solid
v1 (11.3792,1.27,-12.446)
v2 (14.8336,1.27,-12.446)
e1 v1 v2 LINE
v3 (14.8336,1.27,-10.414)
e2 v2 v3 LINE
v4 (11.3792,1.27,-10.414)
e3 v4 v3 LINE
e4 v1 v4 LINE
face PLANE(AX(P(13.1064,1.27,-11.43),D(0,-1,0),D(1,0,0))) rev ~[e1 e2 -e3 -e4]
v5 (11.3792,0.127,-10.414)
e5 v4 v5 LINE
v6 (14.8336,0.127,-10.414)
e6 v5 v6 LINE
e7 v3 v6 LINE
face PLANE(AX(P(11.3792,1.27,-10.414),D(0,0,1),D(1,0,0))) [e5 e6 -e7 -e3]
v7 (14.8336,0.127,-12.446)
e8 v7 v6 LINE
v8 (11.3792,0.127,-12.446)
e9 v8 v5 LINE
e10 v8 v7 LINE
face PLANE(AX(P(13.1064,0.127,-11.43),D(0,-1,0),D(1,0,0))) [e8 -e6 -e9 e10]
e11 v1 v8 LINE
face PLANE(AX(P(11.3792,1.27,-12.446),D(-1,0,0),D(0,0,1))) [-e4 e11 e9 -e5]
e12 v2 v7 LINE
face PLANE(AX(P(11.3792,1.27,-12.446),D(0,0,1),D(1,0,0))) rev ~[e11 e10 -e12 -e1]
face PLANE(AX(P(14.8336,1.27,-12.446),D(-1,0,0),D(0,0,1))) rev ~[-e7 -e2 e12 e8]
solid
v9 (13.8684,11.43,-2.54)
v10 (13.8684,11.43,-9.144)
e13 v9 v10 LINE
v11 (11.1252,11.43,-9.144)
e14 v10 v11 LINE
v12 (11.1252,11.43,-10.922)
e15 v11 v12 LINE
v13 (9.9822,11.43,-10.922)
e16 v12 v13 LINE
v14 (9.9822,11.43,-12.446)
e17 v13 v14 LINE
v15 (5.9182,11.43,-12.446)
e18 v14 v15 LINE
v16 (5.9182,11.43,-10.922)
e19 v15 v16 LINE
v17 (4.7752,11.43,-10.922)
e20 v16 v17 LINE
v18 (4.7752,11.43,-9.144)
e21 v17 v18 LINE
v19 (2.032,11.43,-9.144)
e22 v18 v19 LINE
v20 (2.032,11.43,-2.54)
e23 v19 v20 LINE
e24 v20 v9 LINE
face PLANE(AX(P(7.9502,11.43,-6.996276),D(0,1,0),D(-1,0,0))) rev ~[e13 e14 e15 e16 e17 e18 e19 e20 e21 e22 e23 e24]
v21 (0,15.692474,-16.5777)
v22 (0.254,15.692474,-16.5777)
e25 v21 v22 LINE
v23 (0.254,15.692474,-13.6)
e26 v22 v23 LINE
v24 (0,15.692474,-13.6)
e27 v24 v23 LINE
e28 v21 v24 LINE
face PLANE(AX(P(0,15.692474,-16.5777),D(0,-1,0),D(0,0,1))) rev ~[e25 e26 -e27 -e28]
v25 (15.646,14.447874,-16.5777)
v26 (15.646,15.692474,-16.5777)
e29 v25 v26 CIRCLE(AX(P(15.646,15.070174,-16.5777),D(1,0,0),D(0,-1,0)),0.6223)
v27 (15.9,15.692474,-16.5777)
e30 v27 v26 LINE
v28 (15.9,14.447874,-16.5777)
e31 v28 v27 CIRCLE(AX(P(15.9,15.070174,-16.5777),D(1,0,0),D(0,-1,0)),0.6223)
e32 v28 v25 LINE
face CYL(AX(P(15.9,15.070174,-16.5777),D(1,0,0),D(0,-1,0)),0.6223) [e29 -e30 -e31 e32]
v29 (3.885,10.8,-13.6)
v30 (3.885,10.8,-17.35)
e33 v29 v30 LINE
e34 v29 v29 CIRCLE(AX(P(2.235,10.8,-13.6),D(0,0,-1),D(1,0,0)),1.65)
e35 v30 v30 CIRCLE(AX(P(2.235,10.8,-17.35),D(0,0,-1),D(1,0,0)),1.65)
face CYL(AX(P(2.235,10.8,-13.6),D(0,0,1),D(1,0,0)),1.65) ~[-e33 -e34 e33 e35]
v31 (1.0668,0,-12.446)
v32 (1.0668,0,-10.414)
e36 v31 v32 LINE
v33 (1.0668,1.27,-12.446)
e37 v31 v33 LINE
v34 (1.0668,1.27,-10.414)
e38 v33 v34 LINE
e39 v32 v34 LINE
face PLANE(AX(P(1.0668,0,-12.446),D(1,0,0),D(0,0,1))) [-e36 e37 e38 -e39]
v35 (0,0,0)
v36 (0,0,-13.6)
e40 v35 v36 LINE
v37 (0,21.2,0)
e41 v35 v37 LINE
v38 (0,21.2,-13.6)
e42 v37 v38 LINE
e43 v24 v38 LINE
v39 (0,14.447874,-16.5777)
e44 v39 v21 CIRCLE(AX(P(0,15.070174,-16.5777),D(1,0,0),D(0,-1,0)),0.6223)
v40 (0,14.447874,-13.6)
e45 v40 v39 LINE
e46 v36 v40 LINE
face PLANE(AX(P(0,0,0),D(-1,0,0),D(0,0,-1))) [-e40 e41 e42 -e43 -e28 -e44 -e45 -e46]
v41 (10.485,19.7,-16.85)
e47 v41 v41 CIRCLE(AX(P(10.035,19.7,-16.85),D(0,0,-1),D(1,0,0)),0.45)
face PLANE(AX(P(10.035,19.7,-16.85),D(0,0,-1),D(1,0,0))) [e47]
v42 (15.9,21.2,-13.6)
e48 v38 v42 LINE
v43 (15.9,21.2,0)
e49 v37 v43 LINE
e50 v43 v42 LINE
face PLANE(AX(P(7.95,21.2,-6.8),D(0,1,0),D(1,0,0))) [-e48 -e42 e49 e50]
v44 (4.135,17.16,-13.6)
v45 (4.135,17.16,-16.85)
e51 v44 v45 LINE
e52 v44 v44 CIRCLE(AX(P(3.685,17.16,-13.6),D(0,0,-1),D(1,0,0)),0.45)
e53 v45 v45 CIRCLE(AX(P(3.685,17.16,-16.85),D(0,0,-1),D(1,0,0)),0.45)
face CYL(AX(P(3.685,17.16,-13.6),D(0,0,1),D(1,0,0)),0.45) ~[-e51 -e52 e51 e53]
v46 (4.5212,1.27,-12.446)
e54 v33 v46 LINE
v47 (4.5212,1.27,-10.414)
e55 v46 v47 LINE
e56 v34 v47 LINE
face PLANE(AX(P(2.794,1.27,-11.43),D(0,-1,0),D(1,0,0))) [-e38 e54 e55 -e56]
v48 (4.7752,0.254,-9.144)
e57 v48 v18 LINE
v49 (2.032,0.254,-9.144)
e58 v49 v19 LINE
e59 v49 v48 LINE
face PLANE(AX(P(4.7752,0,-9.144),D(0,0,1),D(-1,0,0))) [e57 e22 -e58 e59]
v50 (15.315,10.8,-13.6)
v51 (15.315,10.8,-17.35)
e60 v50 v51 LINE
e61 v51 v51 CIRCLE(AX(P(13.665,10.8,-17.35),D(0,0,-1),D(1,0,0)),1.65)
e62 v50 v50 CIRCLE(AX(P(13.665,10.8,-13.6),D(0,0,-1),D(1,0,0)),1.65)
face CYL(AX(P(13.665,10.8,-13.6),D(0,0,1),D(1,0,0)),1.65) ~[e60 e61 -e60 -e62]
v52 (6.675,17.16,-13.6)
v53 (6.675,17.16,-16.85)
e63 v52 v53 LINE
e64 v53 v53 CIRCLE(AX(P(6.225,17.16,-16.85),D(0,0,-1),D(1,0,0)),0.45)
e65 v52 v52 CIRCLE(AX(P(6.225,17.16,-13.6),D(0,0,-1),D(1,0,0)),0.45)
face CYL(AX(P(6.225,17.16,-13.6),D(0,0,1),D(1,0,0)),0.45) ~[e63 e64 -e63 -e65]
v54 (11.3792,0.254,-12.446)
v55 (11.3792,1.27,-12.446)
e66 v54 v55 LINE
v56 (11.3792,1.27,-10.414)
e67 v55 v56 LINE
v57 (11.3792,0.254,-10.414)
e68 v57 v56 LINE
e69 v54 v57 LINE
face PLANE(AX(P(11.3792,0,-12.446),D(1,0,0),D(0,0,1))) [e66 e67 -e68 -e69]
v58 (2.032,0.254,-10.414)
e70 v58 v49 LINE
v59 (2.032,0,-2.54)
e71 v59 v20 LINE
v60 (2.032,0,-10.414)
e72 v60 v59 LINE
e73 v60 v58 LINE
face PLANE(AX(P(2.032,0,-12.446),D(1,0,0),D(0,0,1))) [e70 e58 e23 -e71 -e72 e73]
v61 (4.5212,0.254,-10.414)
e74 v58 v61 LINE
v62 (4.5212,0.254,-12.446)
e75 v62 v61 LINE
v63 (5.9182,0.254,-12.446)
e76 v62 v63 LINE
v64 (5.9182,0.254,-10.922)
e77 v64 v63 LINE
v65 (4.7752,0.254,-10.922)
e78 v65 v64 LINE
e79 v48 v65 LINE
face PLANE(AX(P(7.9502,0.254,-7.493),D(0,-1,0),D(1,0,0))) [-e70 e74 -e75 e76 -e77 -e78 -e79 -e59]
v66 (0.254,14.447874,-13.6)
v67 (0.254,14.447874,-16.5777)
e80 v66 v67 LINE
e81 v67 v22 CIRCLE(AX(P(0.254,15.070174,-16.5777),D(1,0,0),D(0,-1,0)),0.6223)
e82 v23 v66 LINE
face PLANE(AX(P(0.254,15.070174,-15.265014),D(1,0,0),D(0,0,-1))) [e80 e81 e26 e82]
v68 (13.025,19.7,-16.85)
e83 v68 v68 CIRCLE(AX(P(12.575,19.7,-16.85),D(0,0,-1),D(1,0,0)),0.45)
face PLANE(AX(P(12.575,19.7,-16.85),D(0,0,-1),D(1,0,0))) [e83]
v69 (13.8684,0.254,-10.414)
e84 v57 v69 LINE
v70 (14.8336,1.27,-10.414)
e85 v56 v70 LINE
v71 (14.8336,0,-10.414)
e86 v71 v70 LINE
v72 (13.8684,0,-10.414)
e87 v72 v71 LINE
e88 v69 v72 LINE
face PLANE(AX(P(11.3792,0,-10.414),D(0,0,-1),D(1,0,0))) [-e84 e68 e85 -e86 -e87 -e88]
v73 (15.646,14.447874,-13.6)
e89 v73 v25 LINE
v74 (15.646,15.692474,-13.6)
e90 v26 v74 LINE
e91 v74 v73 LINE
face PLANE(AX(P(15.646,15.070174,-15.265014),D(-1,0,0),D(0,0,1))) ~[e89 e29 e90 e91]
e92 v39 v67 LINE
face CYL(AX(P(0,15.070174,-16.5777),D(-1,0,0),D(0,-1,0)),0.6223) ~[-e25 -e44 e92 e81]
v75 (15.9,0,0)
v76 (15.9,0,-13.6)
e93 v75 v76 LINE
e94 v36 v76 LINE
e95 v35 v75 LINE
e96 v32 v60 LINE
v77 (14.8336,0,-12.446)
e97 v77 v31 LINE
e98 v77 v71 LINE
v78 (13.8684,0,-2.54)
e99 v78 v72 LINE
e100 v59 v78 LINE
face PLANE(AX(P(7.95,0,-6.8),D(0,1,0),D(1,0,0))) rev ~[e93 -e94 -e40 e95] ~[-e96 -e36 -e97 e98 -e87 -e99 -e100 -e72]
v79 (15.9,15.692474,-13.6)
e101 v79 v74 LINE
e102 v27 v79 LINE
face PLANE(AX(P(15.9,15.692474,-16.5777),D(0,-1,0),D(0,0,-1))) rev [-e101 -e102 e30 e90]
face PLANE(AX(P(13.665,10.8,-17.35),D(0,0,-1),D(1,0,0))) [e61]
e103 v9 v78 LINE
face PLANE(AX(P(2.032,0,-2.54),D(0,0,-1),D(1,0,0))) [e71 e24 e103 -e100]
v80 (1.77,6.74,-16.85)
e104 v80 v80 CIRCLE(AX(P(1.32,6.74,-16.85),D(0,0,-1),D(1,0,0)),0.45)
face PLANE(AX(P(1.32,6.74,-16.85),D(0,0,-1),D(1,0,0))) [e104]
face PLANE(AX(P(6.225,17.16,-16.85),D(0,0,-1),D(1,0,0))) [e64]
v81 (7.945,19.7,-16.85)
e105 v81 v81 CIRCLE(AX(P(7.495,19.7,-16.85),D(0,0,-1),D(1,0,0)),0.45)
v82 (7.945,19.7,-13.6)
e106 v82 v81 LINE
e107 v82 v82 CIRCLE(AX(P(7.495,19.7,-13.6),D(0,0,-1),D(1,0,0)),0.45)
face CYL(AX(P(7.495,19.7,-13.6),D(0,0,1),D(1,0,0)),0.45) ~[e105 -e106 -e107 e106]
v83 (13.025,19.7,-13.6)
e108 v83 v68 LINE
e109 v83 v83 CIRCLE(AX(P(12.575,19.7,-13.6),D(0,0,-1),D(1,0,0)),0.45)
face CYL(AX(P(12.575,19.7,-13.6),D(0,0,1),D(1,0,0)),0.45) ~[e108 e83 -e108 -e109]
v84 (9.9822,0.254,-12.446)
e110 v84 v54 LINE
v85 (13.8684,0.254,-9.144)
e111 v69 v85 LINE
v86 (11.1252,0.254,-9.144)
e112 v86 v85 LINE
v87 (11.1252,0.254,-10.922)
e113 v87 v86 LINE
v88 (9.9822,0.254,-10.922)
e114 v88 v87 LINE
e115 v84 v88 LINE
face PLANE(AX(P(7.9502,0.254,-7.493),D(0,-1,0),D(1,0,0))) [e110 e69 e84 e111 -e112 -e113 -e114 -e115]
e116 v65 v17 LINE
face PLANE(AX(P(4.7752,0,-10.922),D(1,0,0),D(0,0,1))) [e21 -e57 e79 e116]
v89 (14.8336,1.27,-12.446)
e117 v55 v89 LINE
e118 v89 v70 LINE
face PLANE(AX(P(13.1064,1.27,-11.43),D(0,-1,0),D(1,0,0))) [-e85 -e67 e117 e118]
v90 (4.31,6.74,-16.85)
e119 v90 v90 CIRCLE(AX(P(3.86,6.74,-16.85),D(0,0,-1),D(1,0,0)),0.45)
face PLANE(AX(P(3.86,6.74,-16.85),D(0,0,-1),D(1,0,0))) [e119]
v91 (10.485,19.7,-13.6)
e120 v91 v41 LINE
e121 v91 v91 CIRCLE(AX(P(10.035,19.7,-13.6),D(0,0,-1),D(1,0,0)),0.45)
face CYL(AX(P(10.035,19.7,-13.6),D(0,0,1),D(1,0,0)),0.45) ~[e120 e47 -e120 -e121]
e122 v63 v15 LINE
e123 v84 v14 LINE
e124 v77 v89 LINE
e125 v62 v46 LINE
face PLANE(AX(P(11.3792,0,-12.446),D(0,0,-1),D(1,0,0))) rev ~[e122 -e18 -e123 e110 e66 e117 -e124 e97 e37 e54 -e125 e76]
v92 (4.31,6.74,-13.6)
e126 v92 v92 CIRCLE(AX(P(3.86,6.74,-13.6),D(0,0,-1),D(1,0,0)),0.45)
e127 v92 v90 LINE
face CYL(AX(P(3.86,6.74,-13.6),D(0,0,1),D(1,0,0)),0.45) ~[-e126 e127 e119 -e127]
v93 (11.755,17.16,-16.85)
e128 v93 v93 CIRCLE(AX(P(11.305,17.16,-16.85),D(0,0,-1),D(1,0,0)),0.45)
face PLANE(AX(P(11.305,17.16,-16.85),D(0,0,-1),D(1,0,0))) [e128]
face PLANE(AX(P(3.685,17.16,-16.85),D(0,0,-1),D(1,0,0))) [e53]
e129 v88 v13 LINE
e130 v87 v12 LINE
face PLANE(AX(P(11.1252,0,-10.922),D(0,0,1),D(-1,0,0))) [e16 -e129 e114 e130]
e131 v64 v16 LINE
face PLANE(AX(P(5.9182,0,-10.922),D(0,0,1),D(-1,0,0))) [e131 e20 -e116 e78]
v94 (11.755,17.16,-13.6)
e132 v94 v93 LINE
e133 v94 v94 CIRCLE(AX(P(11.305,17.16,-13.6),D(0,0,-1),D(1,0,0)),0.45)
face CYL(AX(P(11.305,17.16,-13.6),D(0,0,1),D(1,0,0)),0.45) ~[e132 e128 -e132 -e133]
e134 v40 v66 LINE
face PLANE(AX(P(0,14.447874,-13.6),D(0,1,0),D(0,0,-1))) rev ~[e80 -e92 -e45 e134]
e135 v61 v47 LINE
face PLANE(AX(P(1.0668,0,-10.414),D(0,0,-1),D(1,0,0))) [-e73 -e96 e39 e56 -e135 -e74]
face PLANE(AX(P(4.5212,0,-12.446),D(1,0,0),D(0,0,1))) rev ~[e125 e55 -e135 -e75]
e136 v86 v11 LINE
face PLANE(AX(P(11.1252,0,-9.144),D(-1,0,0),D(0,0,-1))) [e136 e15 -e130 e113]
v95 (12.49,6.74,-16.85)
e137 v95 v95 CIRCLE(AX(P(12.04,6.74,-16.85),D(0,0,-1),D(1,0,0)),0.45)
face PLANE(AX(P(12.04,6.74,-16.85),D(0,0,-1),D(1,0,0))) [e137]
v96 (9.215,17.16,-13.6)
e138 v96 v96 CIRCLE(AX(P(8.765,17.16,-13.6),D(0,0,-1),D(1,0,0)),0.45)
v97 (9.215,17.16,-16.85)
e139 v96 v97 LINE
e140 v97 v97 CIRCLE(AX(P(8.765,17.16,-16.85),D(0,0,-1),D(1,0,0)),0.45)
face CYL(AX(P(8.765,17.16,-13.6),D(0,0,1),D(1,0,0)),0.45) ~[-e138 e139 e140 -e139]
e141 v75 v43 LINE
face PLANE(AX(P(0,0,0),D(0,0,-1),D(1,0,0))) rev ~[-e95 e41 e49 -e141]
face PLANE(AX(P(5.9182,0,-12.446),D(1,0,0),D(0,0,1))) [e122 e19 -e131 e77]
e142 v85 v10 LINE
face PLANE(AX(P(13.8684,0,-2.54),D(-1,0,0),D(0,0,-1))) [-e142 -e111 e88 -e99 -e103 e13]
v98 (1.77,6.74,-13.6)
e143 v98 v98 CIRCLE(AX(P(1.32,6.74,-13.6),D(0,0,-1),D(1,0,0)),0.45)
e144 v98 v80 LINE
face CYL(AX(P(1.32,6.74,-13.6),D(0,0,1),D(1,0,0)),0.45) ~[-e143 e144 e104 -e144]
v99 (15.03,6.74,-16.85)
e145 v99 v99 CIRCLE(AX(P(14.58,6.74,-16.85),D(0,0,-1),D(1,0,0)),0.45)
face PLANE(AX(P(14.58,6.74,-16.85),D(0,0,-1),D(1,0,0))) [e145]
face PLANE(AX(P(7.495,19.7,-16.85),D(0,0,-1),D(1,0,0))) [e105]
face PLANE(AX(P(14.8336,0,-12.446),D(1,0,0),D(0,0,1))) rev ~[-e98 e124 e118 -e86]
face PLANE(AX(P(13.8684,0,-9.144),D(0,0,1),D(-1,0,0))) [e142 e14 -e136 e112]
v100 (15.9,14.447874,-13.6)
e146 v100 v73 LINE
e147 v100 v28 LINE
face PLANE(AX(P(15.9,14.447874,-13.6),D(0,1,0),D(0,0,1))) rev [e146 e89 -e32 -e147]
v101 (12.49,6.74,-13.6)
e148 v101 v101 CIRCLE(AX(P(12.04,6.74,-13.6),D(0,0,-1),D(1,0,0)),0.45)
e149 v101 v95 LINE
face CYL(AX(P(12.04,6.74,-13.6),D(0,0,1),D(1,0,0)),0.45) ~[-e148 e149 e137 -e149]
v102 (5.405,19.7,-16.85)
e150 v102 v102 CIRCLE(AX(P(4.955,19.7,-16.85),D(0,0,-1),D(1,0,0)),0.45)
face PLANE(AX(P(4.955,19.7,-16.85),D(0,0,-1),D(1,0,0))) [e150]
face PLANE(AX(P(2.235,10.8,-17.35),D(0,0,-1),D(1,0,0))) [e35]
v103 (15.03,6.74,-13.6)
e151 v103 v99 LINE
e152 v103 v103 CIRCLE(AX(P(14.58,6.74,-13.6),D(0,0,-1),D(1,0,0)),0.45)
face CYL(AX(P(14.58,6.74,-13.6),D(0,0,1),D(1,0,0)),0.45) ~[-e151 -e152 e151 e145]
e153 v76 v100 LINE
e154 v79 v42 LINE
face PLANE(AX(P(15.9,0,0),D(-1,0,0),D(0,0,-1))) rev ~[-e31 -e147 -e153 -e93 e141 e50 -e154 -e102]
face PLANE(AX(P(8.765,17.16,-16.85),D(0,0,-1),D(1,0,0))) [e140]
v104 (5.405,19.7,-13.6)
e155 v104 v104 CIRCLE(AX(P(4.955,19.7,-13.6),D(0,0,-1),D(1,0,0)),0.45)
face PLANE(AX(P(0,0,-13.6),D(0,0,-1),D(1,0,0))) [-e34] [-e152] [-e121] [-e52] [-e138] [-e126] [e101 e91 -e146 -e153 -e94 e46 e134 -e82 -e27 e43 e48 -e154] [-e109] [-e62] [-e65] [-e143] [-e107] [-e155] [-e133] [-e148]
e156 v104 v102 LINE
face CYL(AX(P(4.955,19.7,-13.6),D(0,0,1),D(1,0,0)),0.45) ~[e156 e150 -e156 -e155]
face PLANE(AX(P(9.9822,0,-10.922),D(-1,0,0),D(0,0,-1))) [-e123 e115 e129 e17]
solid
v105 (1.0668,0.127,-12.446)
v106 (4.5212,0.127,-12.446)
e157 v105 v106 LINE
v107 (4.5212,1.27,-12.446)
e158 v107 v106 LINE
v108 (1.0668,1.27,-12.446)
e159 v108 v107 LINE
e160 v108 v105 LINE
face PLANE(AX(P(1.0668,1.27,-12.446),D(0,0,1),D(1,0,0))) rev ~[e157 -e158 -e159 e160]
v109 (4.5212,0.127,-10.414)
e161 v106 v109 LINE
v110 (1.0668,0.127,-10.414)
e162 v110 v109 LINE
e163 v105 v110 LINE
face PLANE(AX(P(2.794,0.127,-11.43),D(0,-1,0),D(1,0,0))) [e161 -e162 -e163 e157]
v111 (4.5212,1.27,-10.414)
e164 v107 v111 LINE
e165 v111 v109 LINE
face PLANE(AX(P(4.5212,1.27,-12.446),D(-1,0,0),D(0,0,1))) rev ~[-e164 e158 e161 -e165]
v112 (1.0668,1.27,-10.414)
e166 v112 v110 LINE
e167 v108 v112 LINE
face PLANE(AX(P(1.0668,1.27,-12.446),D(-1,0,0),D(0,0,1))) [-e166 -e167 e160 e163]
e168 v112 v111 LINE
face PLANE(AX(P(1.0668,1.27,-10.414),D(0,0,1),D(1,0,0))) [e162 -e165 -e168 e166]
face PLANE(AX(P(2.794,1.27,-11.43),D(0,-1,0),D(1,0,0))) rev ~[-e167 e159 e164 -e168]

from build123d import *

# Parameters (mm, degrees)
SKETCH1_W           = 15.9
SKETCH1_H           = 13.6
BOSS_EXTRUDE1_DEPTH = 21.2
SKETCH2_R           = 1.65
BOSS_EXTRUDE2_DEPTH = 3.75
CUT_EXTRUDE1_DEPTH  = 11.43
SKETCH4_W           = 11.8364
SKETCH4_H           = 9.906
CUT_EXTRUDE2_DEPTH  = 0.254
SKETCH7_W           = 3.4544
SKETCH7_H           = 2.032
CUT_EXTRUDE3_DEPTH  = 1.27
SKETCH8_W           = 3.4544
SKETCH8_H           = 2.032
BOSS_EXTRUDE3_DEPTH = 1.143
SKETCH9_W           = 3.4544
SKETCH9_H           = 2.032
BOSS_EXTRUDE4_DEPTH = 1.143
BOSS_EXTRUDE5_DEPTH = 0.254
SKETCH11_R          = 0.45
BOSS_EXTRUDE6_DEPTH = 3.25
SKETCH12_R          = 0.45
BOSS_EXTRUDE7_DEPTH = 3.25


with BuildPart() as part:
    # Sketch1 → Boss-Extrude1 (new body)
    with BuildSketch(Plane(origin=(0, 0, 0), x_dir=(1, 0, 0), z_dir=(0, 1, 0))):
        with Locations((7.95, 6.8)):
            Rectangle(SKETCH1_W, SKETCH1_H)
    extrude(amount=BOSS_EXTRUDE1_DEPTH)

    # Sketch2 → Boss-Extrude2 (add)
    with BuildSketch(Plane(origin=(0, 0, -13.6), x_dir=(-1, 0, 0), z_dir=(0, 0, -1))):
        with Locations(Location((-13.665, 10.8, 0), (0, 0, 180))):
            Circle(SKETCH2_R)
        with Locations(Location((-2.235, 10.8, 0), (0, 0, 180))):
            Circle(SKETCH2_R)
    extrude(amount=BOSS_EXTRUDE2_DEPTH)

    # Sketch3 → Cut-Extrude1 (cut)
    with BuildSketch(Plane.XZ):
        Polygon((2.032, -2.54), (13.8684, -2.54), (13.8684, -9.144), (11.1252, -9.144), (11.1252, -10.922), (9.9822, -10.922), (9.9822, -12.446), (5.9182, -12.446), (5.9182, -10.922), (4.7752, -10.922), (4.7752, -9.144), (2.032, -9.144), align=None)
    extrude(amount=-CUT_EXTRUDE1_DEPTH, mode=Mode.SUBTRACT)

    # Sketch4 → Cut-Extrude2 (cut)
    with BuildSketch(Plane.XZ):
        with Locations((7.9502, -7.493)):
            Rectangle(SKETCH4_W, SKETCH4_H)
    extrude(amount=-CUT_EXTRUDE2_DEPTH, mode=Mode.SUBTRACT)

    # Sketch7 → Cut-Extrude3 (cut)
    with BuildSketch(Plane.XZ):
        with Locations((2.794, -11.43)):
            Rectangle(SKETCH7_W, SKETCH7_H)
        with Locations((13.1064, -11.43)):
            Rectangle(SKETCH7_W, SKETCH7_H)
    extrude(amount=-CUT_EXTRUDE3_DEPTH, mode=Mode.SUBTRACT)

    # Sketch10 → Boss-Extrude5 (add)
    with BuildSketch(Plane.ZY):
        with BuildLine():
            Line((-13.6, 14.447874496), (-16.5777, 14.447874496))
            ThreePointArc((-16.5777, 14.447874496), (-17.2, 15.070174496), (-16.5777, 15.692474496))
            Line((-16.5777, 15.692474496), (-13.6, 15.692474496))
            Line((-13.6, 15.692474496), (-13.6, 14.447874496))
        make_face()
    boss_extrude5 = extrude(amount=-BOSS_EXTRUDE5_DEPTH)

    # Mirror2: Boss-Extrude5 across plane
    add(boss_extrude5.mirror(Plane(origin=(7.95, 0, 0), x_dir=(0, 0, 1), z_dir=(1, 0, 0))))

    # Sketch11 → Boss-Extrude6 (add)
    with BuildSketch(Plane(origin=(0, 0, -13.6), x_dir=(-1, 0, 0), z_dir=(0, 0, -1))):
        with Locations(Location((-14.58, 6.74, 0), (0, 0, 180))):
            Circle(SKETCH11_R)
        with Locations(Location((-12.04, 6.74, 0), (0, 0, 180))):
            Circle(SKETCH11_R)
        with Locations(Location((-3.86, 6.74, 0), (0, 0, 180))):
            Circle(SKETCH11_R)
        with Locations(Location((-1.32, 6.74, 0), (0, 0, 180))):
            Circle(SKETCH11_R)
    extrude(amount=BOSS_EXTRUDE6_DEPTH)

    # Sketch12 → Boss-Extrude7 (add)
    with BuildSketch(Plane(origin=(0, 0, -13.6), x_dir=(-1, 0, 0), z_dir=(0, 0, -1))):
        with Locations(Location((-3.685, 17.16, 0), (0, 0, 180))):
            Circle(SKETCH12_R)
        with Locations(Location((-6.225, 17.16, 0), (0, 0, 180))):
            Circle(SKETCH12_R)
        with Locations(Location((-8.765, 17.16, 0), (0, 0, 180))):
            Circle(SKETCH12_R)
        with Locations(Location((-11.305, 17.16, 0), (0, 0, 180))):
            Circle(SKETCH12_R)
        with Locations(Location((-4.955, 19.7, 0), (0, 0, 180))):
            Circle(SKETCH12_R)
        with Locations(Location((-7.495, 19.7, 0), (0, 0, 180))):
            Circle(SKETCH12_R)
        with Locations(Location((-10.035, 19.7, 0), (0, 0, 180))):
            Circle(SKETCH12_R)
        with Locations(Location((-12.575, 19.7, 0), (0, 0, 180))):
            Circle(SKETCH12_R)
    extrude(amount=BOSS_EXTRUDE7_DEPTH)


with BuildPart() as body_2:
    # Sketch8 → Boss-Extrude3 (new body)
    with BuildSketch(Plane.XZ.offset(-1.27)):
        with Locations((2.794, -11.43)):
            Rectangle(SKETCH8_W, SKETCH8_H)
    extrude(amount=BOSS_EXTRUDE3_DEPTH)


with BuildPart() as body_3:
    # Sketch9 → Boss-Extrude4 (new body)
    with BuildSketch(Plane.XZ.offset(-1.27)):
        with Locations((13.1064, -11.43)):
            Rectangle(SKETCH9_W, SKETCH9_H)
    extrude(amount=BOSS_EXTRUDE4_DEPTH)


solid = Compound([part.part, body_2.part, body_3.part])
